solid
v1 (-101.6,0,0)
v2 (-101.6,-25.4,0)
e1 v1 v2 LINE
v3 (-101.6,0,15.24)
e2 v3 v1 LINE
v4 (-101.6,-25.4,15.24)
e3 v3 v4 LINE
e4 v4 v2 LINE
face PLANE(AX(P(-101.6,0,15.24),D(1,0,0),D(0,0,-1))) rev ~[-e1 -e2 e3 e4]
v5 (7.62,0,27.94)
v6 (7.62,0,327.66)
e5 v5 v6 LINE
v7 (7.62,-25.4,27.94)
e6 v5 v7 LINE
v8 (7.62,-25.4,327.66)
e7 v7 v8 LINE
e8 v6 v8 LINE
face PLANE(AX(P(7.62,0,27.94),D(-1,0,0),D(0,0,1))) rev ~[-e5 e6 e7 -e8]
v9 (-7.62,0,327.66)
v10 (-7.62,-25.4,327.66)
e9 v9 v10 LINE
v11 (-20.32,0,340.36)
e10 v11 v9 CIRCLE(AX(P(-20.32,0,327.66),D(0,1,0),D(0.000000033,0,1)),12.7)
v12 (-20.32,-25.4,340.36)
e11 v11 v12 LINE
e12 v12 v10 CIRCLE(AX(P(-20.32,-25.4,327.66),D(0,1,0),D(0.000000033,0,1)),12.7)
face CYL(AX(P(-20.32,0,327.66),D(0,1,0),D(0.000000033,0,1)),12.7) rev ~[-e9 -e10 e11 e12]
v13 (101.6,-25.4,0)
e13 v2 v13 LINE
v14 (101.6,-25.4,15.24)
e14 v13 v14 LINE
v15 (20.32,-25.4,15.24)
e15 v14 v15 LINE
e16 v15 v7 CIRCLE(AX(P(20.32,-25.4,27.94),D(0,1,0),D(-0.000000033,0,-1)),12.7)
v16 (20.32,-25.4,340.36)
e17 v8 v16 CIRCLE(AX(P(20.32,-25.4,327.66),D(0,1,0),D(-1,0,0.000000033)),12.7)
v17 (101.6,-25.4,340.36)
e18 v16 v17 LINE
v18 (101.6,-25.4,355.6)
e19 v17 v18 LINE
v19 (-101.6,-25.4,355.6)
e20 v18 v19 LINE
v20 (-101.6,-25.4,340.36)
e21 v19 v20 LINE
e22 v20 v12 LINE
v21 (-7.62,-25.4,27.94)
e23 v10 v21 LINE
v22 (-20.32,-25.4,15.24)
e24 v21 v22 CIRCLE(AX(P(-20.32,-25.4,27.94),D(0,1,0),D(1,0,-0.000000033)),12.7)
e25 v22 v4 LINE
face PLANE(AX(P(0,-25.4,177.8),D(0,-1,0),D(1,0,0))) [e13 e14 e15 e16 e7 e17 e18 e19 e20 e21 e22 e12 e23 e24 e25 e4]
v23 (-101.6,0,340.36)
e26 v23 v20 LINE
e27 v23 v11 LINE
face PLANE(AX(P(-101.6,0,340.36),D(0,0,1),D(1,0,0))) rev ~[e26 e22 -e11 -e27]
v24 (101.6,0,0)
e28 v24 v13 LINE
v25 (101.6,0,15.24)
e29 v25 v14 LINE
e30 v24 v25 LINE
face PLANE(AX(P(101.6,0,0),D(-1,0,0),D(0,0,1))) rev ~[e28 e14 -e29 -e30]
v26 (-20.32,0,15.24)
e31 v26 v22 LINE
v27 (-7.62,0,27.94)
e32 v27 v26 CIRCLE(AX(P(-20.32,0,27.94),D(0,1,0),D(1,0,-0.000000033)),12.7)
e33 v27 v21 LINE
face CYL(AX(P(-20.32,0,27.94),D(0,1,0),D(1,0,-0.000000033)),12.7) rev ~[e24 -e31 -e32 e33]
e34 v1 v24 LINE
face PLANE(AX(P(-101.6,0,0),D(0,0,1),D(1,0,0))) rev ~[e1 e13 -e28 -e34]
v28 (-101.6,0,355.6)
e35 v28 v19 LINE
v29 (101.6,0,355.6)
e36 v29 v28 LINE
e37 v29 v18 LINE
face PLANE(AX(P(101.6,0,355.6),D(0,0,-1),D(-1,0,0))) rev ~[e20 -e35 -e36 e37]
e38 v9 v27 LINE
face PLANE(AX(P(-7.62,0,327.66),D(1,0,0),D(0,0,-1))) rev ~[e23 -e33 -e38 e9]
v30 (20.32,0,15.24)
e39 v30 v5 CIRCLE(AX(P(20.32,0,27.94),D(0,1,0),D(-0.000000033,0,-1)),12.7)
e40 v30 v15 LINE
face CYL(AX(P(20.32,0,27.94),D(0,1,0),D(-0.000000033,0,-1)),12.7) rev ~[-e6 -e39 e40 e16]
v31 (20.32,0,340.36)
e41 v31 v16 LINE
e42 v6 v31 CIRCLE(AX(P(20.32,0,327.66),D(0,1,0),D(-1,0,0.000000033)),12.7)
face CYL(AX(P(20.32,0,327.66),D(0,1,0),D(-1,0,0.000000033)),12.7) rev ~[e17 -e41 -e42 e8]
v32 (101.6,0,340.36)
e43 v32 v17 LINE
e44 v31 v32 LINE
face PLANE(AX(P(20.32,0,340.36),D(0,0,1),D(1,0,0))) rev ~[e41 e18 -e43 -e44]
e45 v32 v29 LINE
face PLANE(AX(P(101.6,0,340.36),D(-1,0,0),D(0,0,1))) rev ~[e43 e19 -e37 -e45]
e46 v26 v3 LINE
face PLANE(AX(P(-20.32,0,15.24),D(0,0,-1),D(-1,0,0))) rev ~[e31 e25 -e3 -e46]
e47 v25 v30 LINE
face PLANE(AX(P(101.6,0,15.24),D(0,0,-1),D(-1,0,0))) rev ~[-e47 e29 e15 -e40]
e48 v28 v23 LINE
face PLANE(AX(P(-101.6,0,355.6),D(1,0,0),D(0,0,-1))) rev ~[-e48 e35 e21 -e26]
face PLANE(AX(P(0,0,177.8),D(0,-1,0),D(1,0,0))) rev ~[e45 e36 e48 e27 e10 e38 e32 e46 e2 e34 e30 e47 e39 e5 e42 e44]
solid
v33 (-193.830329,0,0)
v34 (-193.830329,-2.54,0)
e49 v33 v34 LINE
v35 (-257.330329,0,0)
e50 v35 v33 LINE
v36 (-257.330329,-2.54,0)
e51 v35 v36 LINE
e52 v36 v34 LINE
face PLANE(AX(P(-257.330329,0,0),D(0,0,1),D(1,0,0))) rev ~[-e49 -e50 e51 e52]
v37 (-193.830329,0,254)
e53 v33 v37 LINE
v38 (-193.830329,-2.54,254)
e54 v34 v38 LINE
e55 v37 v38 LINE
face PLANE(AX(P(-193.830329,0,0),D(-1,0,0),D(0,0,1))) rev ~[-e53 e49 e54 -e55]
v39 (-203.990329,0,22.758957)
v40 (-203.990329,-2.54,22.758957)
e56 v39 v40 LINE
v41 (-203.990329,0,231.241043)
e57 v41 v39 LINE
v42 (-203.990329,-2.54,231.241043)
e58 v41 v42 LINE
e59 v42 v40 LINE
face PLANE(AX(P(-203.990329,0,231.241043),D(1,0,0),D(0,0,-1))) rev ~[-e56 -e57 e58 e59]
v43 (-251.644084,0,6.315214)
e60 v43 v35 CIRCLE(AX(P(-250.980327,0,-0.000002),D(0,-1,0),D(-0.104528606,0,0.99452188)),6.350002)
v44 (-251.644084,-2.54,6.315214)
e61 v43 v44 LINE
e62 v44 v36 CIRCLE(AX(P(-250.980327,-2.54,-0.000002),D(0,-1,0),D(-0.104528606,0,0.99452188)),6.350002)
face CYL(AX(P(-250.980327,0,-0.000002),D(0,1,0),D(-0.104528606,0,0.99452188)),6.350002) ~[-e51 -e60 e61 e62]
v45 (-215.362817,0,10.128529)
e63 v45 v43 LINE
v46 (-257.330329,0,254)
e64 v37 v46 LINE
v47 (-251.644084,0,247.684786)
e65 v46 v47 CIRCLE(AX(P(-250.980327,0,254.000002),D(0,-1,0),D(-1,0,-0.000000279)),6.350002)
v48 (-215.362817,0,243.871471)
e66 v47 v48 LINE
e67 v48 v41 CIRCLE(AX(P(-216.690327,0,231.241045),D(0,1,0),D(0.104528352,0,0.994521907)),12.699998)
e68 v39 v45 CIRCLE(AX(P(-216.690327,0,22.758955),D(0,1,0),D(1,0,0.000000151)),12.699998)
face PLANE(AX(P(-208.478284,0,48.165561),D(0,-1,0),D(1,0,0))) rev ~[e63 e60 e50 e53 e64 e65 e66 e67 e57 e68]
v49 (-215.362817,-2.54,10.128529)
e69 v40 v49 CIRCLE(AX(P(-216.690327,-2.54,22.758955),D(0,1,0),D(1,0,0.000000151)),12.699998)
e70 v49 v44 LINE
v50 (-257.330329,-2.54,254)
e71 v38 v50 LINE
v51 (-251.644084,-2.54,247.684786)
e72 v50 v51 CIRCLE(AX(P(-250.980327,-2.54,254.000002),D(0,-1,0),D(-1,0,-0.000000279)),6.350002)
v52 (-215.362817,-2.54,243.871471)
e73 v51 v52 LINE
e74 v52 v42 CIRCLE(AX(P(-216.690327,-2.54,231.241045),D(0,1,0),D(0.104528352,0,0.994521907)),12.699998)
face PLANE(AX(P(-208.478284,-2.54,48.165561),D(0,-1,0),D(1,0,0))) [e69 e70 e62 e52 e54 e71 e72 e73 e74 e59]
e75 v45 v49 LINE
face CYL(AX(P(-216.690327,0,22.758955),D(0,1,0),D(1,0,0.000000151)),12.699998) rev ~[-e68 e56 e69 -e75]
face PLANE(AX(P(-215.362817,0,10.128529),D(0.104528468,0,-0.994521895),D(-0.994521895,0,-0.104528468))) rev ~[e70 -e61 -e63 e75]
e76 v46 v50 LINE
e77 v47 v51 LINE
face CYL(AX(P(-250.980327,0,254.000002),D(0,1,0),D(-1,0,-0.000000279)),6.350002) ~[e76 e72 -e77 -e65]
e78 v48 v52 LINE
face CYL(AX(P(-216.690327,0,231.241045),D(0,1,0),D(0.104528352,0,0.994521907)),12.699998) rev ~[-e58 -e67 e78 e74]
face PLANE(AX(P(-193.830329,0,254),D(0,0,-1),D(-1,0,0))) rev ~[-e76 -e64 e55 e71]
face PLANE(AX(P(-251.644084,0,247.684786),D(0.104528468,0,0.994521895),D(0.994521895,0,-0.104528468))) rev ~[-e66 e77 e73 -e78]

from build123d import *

# Parameters (mm, degrees)
F1_DEPTH = 25.4
F3_DEPTH = 2.54


with BuildPart() as f1:
    # F0 (on Front) → F1 (new body)
    with BuildSketch(Plane.XZ):
        with BuildLine():
            Line((-101.6, 15.24), (-101.6, 0))
            Line((-101.6, 0), (0, 0))
            Line((0, 0), (101.6, 0))
            Line((101.6, 0), (101.6, 15.24))
            Line((101.6, 15.24), (20.32, 15.24))
            ThreePointArc((20.32, 15.24), (11.339744, 18.959744), (7.62, 27.94))
            Line((7.62, 27.94), (7.62, 327.66))
            ThreePointArc((7.62, 327.66), (11.339744, 336.640256), (20.32, 340.36))
            Line((20.32, 340.36), (101.6, 340.36))
            Line((101.6, 340.36), (101.6, 355.6))
            Line((101.6, 355.6), (0, 355.6))
            Line((0, 355.6), (-101.6, 355.6))
            Line((-101.6, 355.6), (-101.6, 340.36))
            Line((-101.6, 340.36), (-20.32, 340.36))
            ThreePointArc((-20.32, 340.36), (-11.339744, 336.640256), (-7.62, 327.66))
            Line((-7.62, 327.66), (-7.62, 27.94))
            ThreePointArc((-7.62, 27.94), (-11.339744, 18.959744), (-20.32, 15.24))
            Line((-20.32, 15.24), (-101.6, 15.24))
        make_face()
    extrude(amount=F1_DEPTH)


with BuildPart() as f3:
    # F2 (on Front) → F3 (new body)
    with BuildSketch(Plane.XZ):
        with BuildLine():
            Line((-193.830329, 0), (-193.830329, 127))
            Line((-193.830329, 127), (-203.990329, 127))
            Line((-203.990329, 127), (-203.990329, 22.758957))
            ThreePointArc((-203.990329, 22.758957), (-207.252389, 14.260998), (-215.362817, 10.128529))
            Line((-215.362817, 10.128529), (-251.644084, 6.315214))
            ThreePointArc((-251.644084, 6.315214), (-255.699298, 4.248979), (-257.330329, 0))
            Line((-257.330329, 0), (-193.830329, 0))
        make_face()
        with BuildLine():
            Line((-203.990329, 127), (-193.830329, 127))
            Line((-193.830329, 127), (-193.830329, 254))
            Line((-193.830329, 254), (-257.330329, 254))
            ThreePointArc((-257.330329, 254), (-255.699298, 249.751021), (-251.644084, 247.684786))
            Line((-251.644084, 247.684786), (-215.362817, 243.871471))
            ThreePointArc((-215.362817, 243.871471), (-207.252389, 239.739002), (-203.990329, 231.241043))
            Line((-203.990329, 231.241043), (-203.990329, 127))
        make_face()
    extrude(amount=F3_DEPTH)


solid = Compound([f1.part, f3.part])
